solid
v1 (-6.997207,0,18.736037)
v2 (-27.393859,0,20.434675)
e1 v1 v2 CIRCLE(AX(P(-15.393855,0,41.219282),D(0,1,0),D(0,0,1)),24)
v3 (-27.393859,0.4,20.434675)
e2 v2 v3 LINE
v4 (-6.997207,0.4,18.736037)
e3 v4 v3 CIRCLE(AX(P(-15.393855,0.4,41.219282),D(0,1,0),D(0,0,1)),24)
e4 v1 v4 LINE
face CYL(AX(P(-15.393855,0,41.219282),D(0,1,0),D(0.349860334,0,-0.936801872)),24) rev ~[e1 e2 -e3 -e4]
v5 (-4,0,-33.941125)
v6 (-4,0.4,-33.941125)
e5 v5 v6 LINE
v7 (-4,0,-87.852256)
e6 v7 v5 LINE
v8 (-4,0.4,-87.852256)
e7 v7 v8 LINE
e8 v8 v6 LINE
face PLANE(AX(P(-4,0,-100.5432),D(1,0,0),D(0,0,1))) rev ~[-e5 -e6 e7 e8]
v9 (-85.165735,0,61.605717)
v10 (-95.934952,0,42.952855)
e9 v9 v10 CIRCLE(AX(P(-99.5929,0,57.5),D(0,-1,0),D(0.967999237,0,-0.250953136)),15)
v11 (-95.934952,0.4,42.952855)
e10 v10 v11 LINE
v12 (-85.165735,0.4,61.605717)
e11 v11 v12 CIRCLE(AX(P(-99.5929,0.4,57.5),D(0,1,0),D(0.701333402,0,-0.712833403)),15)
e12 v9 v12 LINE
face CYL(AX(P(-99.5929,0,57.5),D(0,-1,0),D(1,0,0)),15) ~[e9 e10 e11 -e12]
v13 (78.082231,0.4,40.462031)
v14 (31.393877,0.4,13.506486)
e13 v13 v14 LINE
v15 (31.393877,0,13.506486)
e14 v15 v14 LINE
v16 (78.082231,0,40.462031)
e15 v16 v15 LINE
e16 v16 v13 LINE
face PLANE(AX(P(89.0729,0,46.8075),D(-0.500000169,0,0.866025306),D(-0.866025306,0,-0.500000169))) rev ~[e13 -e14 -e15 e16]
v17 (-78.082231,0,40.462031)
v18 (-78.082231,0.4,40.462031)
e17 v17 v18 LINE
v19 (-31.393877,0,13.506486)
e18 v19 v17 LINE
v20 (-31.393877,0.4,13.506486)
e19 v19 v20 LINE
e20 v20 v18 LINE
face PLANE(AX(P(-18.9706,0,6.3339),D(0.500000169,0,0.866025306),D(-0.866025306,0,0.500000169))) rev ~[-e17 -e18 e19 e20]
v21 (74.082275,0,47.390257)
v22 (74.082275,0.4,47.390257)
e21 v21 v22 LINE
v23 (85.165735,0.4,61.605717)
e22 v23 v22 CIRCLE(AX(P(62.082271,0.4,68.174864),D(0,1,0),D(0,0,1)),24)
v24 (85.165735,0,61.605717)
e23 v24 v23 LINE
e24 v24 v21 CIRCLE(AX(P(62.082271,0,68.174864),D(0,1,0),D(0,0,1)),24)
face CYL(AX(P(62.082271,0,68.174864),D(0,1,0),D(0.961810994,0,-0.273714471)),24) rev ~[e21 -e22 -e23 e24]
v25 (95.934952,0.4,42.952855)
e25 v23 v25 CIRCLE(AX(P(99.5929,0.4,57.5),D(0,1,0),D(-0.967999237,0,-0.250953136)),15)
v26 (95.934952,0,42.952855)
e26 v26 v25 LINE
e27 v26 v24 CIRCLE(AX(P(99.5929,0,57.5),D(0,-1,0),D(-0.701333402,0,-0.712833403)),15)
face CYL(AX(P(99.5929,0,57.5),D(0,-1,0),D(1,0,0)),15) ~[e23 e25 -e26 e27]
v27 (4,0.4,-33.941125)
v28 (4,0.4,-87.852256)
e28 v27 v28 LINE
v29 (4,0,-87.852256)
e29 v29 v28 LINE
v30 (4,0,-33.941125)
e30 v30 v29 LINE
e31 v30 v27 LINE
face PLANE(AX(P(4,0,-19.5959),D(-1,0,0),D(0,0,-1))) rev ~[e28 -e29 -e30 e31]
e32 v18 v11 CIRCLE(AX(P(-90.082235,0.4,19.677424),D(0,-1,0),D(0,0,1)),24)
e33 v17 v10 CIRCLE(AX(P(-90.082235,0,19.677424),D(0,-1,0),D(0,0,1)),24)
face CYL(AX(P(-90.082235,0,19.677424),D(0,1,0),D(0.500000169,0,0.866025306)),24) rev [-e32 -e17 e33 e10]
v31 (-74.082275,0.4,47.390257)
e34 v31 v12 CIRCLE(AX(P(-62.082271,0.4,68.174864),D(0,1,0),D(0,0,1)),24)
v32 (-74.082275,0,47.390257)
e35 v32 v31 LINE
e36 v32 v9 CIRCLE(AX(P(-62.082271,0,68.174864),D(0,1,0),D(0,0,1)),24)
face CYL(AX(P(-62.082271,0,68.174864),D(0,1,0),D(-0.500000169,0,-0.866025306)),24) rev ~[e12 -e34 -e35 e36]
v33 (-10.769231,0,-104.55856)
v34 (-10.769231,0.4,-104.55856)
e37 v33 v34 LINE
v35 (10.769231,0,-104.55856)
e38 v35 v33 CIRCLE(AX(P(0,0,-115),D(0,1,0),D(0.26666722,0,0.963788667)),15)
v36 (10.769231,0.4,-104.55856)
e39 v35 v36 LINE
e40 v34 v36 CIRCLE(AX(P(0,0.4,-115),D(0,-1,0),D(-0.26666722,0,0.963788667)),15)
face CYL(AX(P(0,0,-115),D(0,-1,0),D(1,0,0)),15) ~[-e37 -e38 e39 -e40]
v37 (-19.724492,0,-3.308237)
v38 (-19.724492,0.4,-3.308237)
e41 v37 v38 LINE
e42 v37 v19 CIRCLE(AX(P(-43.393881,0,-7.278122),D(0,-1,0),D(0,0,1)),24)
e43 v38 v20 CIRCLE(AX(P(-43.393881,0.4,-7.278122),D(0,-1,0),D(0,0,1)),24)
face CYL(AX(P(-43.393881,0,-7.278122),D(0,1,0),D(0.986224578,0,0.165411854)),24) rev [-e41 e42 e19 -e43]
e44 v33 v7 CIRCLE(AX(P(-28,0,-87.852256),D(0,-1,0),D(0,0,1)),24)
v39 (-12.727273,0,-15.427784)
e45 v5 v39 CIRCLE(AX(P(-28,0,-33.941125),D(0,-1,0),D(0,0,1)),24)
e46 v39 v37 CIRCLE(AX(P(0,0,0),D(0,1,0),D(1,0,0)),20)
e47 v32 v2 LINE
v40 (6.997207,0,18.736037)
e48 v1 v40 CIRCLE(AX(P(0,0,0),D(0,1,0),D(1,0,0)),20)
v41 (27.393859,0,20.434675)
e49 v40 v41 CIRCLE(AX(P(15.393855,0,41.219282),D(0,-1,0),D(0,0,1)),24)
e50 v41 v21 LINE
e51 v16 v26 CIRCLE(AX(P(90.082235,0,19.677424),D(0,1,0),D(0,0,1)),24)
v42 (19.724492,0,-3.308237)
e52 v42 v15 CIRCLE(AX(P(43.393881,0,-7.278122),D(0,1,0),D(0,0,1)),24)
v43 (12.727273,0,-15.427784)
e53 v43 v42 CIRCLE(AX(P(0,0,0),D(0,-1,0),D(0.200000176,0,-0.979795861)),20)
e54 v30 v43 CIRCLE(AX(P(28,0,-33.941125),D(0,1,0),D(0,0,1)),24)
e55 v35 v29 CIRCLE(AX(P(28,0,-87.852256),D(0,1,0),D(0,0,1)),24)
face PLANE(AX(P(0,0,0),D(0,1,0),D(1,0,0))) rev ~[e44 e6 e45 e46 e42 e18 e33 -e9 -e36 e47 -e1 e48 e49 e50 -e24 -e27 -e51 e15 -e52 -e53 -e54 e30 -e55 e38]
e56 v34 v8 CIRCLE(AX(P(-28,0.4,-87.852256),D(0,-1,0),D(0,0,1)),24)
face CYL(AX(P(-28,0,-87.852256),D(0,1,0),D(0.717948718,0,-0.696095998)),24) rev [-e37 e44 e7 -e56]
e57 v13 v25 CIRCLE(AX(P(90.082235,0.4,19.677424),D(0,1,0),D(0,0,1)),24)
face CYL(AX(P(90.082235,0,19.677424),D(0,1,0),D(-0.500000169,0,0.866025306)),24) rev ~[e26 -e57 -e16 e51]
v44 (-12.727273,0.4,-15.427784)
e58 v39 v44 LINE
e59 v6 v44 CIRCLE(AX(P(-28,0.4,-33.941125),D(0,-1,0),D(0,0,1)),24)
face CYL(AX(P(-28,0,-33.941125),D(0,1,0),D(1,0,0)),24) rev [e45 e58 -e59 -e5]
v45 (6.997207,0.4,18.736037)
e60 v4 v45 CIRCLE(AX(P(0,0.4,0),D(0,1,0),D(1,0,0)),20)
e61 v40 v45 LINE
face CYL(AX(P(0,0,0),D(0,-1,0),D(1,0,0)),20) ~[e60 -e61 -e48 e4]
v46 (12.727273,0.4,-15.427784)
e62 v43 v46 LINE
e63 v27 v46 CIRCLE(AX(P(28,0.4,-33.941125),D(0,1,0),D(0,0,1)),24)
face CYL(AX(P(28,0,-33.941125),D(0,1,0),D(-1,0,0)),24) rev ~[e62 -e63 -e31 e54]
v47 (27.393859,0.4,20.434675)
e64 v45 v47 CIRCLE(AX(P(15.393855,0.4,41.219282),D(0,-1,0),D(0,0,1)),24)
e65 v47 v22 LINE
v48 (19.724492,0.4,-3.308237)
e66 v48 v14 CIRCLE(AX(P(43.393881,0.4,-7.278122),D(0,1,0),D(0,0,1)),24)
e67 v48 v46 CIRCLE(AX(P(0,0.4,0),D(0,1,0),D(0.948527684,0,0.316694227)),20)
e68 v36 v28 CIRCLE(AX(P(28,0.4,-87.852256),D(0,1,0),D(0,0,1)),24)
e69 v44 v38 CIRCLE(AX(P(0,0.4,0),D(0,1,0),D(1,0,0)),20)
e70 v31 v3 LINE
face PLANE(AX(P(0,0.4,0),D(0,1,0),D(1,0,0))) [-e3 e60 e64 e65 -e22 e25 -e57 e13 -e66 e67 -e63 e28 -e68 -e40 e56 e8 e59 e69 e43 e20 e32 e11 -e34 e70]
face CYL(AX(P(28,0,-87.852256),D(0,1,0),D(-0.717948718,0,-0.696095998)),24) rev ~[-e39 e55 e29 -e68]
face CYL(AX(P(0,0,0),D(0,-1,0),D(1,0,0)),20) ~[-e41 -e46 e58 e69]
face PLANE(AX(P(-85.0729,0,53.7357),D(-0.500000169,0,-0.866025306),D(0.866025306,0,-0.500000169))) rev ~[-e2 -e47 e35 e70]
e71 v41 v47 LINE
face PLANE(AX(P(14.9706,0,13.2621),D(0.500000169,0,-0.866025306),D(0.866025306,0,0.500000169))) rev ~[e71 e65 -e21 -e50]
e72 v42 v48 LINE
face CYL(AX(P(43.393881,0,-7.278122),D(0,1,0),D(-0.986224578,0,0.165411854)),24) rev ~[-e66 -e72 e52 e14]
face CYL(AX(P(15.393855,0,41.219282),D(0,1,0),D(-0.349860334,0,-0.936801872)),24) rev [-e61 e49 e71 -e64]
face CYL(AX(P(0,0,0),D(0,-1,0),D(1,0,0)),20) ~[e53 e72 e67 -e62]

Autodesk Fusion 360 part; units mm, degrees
sketch "Sketch1" plane through (0, 0, 0) normal (0, 1, 0) x (1, 0, 0)
  line L0 (0, 130) -> (-112.5833, -65) construction
  line L1 (-112.5833, -65) -> (112.5833, -65) construction
  line L2 (112.5833, -65) -> (0, 130) construction
  line L3 (0, 0) -> (0, 130) construction
  line L4 (0, 0) -> (-112.5833, -65) construction
  line L5 (0, 0) -> (112.5833, -65) construction
  circle A0 centre (0, 115) radius 15
  circle A1 centre (-99.5929, -57.5) radius 15
  circle A2 centre (99.5929, -57.5) radius 15
  circle A3 centre (0, 0) radius 20
  line L6 (-4, 19.5959) -> (4, 19.5959) construction
  line L7 (4, 19.5959) -> (4, 100.5432)
  line L8 (4, 100.5432) -> (-4, 100.5432) construction
  line L9 (-4, 100.5432) -> (-4, 19.5959)
  line L10 (-85.0729, -53.7357) -> (-14.9706, -13.2621)
  line L11 (-18.9706, -6.3339) -> (-89.0729, -46.8075)
  line L12 (89.0729, -46.8075) -> (18.9706, -6.3339)
  line L13 (14.9706, -13.2621) -> (85.0729, -53.7357)
  point P0 (0, 100.5432)
  point P1 (0, 19.5959)
  dimension "d1" = 130
  dimension "d2" = 30
  dimension "d4" = 360
  dimension "d5" = 40
  dimension "d6" = 8
  dimension "d8" = 360
extrude "Extrude1" add sketch "Sketch1" along normal blind 0.4
fillet "Fillet1" radius 24 12 edges at (-4, 0.2, -100.5432) (4, 0.2, -100.5432) (-4, 0.2, -19.5959) (4, 0.2, -19.5959) (-18.9706, 0.2, 6.3339) (-14.9706, 0.2, 13.2621) (14.9706, 0.2, 13.2621) (18.9706, 0.2, 6.3339) (85.0729, 0.2, 53.7357) (89.0729, 0.2, 46.8075) (-89.0729, 0.2, 46.8075) (-85.0729, 0.2, 53.7357)
